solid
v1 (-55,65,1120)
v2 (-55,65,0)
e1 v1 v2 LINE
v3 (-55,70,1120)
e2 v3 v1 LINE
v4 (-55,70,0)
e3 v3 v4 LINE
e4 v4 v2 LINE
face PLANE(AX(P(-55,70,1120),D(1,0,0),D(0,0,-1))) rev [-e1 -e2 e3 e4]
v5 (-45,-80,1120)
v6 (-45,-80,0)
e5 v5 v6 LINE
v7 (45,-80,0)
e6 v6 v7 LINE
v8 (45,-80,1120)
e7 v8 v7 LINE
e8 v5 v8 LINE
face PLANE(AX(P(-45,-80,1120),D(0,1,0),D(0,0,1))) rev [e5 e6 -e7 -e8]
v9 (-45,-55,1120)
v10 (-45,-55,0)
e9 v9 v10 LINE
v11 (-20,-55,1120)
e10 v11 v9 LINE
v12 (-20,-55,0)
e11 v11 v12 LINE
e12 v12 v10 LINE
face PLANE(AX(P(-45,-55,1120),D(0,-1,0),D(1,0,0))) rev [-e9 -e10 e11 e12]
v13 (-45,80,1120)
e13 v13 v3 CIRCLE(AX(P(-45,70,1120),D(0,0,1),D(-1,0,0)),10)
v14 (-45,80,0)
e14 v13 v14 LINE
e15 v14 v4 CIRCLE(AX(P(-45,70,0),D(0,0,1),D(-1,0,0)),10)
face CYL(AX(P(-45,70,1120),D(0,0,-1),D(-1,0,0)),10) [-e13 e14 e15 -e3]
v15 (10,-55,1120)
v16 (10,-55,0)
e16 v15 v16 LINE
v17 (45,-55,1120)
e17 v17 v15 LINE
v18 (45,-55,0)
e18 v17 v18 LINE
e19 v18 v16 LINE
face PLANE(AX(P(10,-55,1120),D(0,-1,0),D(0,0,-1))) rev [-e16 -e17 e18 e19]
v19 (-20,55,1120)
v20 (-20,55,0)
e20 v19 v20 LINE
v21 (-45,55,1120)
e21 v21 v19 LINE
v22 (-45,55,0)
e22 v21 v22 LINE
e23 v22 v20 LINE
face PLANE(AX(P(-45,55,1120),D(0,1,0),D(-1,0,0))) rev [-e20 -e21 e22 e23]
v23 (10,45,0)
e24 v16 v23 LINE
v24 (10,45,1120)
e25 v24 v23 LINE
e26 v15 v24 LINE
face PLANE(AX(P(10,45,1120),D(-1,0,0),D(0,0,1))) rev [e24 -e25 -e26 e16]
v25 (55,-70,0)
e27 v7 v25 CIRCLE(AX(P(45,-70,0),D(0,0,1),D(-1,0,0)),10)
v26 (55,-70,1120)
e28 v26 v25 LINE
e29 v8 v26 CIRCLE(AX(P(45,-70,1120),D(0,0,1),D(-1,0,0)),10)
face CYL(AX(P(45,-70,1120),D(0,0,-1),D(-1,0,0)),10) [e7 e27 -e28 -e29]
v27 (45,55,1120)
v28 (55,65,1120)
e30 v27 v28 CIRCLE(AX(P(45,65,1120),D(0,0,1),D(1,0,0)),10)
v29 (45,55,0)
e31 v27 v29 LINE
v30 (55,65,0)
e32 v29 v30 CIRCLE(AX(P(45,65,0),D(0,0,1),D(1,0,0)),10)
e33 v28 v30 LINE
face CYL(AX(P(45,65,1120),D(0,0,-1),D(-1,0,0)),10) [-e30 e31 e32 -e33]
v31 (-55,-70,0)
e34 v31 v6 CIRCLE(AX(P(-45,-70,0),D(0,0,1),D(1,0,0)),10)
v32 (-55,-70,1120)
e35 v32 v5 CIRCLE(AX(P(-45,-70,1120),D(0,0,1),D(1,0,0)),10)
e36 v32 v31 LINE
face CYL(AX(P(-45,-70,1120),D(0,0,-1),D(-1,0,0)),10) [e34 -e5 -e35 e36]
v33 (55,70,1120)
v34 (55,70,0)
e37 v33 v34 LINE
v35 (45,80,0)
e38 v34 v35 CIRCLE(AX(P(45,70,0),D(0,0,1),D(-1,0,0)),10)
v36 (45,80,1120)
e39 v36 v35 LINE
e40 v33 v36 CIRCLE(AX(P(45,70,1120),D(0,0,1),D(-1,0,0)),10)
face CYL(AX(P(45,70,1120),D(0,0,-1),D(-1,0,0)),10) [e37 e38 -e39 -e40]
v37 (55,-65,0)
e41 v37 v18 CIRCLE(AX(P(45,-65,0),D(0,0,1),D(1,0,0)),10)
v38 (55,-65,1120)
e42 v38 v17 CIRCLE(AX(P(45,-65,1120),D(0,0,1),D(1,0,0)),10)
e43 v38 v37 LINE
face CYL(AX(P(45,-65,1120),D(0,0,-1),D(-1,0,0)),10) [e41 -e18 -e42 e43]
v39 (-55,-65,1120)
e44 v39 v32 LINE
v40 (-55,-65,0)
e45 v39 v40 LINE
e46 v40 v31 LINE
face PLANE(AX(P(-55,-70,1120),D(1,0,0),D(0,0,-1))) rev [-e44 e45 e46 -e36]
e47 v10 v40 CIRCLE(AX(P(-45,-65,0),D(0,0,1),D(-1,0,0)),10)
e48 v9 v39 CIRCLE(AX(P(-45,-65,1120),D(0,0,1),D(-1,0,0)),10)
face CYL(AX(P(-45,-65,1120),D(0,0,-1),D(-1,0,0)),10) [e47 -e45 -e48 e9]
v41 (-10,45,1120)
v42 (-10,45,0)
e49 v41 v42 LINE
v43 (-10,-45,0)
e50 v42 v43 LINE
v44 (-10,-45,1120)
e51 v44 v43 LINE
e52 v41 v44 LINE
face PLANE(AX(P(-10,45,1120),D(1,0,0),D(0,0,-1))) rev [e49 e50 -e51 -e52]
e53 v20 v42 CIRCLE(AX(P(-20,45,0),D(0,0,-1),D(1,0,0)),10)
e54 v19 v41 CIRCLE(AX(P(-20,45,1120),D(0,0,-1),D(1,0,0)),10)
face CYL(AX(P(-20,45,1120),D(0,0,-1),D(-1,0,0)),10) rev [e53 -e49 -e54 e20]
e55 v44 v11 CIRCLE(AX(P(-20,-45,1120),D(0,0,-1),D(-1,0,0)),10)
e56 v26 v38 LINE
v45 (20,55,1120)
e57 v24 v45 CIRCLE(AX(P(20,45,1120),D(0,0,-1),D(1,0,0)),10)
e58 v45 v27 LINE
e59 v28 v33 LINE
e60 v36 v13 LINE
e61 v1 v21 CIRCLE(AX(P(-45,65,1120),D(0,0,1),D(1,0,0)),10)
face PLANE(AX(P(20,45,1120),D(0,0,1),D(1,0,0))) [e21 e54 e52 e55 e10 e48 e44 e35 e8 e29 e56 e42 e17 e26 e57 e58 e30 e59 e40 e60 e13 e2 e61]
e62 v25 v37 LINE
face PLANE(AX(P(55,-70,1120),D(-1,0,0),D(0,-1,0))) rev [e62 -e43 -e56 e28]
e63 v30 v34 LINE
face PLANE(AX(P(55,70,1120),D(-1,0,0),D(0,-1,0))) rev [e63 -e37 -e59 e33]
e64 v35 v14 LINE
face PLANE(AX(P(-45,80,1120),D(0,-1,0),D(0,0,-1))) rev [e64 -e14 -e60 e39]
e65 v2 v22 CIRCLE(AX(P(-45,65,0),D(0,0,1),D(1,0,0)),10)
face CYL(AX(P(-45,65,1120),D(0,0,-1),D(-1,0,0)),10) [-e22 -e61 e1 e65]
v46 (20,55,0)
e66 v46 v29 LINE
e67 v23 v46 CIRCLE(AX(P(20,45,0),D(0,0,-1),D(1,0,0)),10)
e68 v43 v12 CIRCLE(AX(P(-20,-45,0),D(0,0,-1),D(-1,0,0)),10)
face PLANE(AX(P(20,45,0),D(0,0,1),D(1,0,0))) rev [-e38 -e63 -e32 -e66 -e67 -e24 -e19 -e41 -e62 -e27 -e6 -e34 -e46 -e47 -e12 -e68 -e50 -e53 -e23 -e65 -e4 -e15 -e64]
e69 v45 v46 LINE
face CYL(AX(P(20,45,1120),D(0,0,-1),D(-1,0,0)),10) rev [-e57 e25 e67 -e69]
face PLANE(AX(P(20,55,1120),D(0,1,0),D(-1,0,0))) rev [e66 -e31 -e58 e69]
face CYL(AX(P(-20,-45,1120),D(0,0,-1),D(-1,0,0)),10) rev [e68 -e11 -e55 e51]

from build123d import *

# Parameters (mm, degrees)
BOSS_EXTRUDE1_DEPTH = 1120


with BuildPart() as part:
    # Sketch1 → Boss-Extrude1 (new body)
    with BuildSketch(Plane.XY):
        with BuildLine():
            Line((-45, 80), (45, 80))
            ThreePointArc((45, 80), (52.071067812, 77.071067812), (55, 70))
            Line((55, 70), (55, 65))
            ThreePointArc((55, 65), (52.071067812, 57.928932188), (45, 55))
            Line((45, 55), (20, 55))
            ThreePointArc((20, 55), (12.928932188, 52.071067812), (10, 45))
            Line((10, 45), (10, -55))
            Line((10, -55), (45, -55))
            ThreePointArc((45, -55), (52.071067812, -57.928932188), (55, -65))
            Line((55, -65), (55, -70))
            ThreePointArc((55, -70), (52.071067812, -77.071067812), (45, -80))
            Line((45, -80), (-45, -80))
            ThreePointArc((-45, -80), (-52.071067812, -77.071067812), (-55, -70))
            Line((-55, -70), (-55, -65))
            ThreePointArc((-55, -65), (-52.071067812, -57.928932188), (-45, -55))
            Line((-45, -55), (-20, -55))
            ThreePointArc((-20, -55), (-12.928932188, -52.071067812), (-10, -45))
            Line((-10, -45), (-10, 45))
            ThreePointArc((-10, 45), (-12.928932188, 52.071067812), (-20, 55))
            Line((-20, 55), (-45, 55))
            ThreePointArc((-45, 55), (-52.071067812, 57.928932188), (-55, 65))
            Line((-55, 65), (-55, 70))
            ThreePointArc((-55, 70), (-52.071067812, 77.071067812), (-45, 80))
        make_face()
    extrude(amount=BOSS_EXTRUDE1_DEPTH)


solid = part.part
